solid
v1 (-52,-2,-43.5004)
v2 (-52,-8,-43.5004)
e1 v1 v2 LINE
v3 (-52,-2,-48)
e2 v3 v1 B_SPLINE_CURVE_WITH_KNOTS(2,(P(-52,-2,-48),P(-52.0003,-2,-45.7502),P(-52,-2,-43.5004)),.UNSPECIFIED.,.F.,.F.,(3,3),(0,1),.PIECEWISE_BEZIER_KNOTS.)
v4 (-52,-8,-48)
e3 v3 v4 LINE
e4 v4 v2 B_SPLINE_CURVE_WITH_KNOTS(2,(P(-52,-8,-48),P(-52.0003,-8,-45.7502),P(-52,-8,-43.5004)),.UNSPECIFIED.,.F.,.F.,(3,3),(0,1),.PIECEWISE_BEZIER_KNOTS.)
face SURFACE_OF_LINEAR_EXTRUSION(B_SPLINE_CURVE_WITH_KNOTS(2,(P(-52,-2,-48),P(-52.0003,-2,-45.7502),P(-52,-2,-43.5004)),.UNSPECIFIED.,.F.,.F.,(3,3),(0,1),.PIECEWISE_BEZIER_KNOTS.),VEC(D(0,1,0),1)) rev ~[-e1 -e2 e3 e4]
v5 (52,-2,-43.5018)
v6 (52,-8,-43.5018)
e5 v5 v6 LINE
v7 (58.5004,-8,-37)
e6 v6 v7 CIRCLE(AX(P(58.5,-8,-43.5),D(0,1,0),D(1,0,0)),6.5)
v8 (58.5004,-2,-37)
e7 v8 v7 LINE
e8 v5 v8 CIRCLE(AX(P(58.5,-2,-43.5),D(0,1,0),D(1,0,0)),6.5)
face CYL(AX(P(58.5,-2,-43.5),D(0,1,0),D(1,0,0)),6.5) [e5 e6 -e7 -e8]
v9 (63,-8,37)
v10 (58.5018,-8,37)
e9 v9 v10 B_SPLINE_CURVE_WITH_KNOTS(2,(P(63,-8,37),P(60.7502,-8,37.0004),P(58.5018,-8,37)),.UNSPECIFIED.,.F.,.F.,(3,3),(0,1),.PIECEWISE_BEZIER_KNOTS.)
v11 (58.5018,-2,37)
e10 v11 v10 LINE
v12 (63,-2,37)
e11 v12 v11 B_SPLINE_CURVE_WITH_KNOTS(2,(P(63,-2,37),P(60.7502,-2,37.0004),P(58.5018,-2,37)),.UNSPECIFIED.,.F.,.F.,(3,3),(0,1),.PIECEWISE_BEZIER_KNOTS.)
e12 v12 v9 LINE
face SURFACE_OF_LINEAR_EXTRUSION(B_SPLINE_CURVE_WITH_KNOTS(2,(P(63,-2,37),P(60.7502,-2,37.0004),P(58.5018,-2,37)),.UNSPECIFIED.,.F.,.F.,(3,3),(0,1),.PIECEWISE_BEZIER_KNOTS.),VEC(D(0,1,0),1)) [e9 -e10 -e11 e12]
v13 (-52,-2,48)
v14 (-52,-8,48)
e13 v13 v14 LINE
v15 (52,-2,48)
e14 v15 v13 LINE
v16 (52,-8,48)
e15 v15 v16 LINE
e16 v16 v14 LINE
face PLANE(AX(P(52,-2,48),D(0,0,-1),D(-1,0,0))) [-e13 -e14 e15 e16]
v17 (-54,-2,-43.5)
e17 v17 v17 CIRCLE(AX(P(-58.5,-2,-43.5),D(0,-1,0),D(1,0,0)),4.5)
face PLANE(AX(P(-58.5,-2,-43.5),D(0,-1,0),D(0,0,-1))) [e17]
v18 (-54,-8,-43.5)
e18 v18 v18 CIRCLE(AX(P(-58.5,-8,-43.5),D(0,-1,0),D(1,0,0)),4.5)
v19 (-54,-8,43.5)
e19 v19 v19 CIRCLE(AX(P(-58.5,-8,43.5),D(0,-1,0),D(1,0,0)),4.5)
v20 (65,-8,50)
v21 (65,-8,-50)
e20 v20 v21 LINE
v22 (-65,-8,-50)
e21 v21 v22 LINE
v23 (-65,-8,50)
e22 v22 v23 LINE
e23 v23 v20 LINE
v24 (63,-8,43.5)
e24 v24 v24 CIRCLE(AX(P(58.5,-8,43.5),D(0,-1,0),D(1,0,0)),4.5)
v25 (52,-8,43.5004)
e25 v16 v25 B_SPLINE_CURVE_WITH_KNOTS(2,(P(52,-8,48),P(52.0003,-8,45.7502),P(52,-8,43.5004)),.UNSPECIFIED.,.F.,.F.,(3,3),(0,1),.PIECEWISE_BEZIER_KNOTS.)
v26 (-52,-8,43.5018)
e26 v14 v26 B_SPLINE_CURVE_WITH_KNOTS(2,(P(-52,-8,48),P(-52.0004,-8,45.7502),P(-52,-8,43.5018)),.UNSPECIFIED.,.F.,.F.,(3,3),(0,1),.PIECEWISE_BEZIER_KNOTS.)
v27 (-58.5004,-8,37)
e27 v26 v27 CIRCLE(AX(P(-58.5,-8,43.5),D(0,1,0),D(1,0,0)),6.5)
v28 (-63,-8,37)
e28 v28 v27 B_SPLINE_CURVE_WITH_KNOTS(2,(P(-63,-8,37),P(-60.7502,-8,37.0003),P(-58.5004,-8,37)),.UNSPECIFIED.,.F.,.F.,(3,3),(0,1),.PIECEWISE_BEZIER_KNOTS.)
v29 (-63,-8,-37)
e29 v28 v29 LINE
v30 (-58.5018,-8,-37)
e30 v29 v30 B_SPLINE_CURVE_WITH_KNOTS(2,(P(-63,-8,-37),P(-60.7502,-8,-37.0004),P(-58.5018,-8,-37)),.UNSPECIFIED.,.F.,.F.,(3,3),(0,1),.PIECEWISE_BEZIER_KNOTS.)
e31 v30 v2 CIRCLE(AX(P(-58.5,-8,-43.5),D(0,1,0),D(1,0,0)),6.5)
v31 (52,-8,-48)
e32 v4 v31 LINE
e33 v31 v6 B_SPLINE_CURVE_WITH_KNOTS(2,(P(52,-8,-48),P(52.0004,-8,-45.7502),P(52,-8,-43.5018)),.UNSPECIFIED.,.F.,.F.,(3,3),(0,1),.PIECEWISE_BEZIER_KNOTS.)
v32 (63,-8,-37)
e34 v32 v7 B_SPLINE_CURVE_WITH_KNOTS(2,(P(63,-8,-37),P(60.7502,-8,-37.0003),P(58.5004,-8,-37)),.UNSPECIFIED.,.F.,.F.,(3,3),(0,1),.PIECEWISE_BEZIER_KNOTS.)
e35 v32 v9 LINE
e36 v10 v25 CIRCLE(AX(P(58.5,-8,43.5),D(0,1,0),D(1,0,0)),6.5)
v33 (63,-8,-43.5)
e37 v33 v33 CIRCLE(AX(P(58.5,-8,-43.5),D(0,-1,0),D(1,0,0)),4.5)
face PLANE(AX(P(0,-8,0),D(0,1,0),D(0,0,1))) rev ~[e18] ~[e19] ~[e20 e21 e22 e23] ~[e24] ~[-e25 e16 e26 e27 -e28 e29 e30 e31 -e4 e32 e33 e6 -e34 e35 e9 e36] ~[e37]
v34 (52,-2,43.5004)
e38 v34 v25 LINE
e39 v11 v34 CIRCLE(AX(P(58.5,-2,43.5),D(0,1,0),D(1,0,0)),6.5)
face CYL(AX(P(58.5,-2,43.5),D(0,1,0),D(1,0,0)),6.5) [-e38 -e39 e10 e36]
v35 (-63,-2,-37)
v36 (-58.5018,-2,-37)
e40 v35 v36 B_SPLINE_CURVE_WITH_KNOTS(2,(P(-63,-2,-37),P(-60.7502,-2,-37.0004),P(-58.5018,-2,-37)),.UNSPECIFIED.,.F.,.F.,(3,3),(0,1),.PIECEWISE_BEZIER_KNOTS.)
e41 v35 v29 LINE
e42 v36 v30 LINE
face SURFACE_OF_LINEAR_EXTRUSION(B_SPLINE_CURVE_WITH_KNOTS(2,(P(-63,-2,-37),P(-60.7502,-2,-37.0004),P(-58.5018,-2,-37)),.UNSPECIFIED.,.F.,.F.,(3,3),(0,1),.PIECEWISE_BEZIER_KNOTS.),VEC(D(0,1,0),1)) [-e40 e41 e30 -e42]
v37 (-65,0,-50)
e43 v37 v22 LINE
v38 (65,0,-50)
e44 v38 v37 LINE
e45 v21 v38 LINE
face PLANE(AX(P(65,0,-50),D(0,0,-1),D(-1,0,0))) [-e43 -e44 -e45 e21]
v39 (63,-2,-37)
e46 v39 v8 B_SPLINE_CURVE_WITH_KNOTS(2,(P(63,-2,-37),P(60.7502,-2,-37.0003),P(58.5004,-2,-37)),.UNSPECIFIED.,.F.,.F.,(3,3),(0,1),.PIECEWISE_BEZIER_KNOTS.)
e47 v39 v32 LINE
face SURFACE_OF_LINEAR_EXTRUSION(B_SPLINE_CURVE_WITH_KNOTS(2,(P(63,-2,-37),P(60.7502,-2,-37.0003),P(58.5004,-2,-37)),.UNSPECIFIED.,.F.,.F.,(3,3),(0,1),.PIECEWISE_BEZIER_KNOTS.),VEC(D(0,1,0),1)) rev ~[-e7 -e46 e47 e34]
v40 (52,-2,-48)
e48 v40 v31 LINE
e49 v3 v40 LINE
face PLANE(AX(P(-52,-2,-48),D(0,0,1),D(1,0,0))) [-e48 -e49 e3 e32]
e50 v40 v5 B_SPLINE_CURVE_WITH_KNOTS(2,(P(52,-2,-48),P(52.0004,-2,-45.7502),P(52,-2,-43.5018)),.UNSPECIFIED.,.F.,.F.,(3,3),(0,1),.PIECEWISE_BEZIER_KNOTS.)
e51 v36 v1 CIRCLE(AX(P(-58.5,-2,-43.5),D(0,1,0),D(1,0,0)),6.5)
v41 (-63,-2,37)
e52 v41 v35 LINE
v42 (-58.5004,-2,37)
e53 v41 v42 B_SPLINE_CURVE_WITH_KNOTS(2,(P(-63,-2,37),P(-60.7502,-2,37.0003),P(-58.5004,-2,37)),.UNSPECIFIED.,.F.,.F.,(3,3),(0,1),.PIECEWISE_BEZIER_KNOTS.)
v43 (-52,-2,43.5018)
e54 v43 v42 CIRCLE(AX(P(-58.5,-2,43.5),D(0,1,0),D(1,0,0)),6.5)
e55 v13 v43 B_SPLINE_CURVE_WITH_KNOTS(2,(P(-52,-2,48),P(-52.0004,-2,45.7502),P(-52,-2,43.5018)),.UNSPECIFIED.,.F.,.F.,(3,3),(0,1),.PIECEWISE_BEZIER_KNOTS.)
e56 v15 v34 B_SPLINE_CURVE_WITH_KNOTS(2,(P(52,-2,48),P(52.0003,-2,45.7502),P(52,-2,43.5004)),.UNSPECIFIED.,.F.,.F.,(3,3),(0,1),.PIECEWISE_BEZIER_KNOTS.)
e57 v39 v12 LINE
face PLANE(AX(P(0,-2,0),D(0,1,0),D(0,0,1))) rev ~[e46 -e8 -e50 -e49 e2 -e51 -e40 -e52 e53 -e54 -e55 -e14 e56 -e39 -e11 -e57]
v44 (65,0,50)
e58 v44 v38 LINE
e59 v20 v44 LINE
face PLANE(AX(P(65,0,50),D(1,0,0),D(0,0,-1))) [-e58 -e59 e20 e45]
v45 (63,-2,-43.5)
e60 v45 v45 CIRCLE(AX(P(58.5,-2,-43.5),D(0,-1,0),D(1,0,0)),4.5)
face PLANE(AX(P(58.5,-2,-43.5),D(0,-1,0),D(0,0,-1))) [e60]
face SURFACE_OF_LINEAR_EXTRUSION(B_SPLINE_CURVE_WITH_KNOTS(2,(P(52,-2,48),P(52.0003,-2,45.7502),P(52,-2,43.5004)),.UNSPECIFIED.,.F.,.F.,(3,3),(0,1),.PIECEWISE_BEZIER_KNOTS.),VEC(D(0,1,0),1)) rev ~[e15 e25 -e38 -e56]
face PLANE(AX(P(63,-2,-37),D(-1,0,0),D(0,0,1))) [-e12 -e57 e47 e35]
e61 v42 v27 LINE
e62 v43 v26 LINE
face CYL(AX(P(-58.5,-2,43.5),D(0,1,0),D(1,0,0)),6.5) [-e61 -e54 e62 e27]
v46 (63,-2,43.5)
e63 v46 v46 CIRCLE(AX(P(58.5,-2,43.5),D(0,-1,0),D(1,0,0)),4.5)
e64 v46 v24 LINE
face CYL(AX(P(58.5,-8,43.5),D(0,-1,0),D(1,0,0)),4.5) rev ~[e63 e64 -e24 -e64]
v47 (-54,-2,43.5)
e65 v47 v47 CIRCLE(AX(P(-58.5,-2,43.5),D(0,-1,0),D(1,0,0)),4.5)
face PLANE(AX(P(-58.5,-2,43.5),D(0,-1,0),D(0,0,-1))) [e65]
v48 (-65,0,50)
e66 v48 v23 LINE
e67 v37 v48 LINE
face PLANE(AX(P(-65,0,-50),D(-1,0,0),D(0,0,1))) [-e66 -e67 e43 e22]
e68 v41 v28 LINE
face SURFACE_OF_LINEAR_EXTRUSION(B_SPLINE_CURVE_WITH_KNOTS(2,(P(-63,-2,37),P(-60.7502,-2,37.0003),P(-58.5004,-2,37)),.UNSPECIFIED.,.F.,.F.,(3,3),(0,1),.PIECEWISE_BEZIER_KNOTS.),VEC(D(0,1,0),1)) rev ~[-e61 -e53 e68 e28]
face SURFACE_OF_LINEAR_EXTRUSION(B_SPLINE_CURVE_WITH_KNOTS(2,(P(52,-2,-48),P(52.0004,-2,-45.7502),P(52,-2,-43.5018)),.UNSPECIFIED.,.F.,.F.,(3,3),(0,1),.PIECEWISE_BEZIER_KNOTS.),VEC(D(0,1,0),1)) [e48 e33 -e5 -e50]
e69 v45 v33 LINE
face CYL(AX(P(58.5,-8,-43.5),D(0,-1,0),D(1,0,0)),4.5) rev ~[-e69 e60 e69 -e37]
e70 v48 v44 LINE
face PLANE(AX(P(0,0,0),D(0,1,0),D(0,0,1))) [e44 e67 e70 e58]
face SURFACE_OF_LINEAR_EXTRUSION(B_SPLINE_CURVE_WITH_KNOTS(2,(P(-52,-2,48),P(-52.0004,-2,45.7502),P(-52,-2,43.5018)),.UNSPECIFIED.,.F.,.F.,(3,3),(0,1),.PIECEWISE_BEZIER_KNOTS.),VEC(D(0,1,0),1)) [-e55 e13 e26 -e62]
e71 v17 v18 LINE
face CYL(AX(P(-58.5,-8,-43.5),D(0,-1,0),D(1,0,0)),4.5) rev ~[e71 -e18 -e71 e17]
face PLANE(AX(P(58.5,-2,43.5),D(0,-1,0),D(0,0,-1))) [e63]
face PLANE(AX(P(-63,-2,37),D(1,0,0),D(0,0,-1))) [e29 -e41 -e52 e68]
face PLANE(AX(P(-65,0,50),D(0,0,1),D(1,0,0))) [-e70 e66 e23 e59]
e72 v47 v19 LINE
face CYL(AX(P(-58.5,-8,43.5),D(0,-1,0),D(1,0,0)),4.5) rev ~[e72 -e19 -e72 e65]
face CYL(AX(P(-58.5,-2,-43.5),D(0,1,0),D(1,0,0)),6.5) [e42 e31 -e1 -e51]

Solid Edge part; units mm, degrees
sketch "Sketch1" plane through (0, 0, 0) normal (0, -1, 0) x (1, 0, 0)
  line L0 (-65, 50) -> (65, 50)
  line L1 (65, 50) -> (65, -50)
  line L2 (65, -50) -> (-65, -50)
  line L3 (-65, -50) -> (-65, 50)
extrude "Protrusion1" add sketch "Sketch1" along normal blind 2
sketch "Sketch2" plane through (0, -2, 0) normal (0, -1, 0) x (1, 0, 0)
  spline S0 degree 2 poles (-63, 37) (-60.7502, 37.0003) (-58.5004, 37) knots 0 0 0 1 1 1
  arc A0 (-52, 43.5018) -> (-58.5004, 37) centre (-58.5, 43.5) cw
  spline S1 degree 2 poles (-52, 48) (-52.0004, 45.7502) (-52, 43.5018) knots 0 0 0 1 1 1
  line L0 (52, 48) -> (-52, 48)
  spline S2 degree 2 poles (52, 48) (52.0003, 45.7502) (52, 43.5004) knots 0 0 0 1 1 1
  arc A1 (58.5018, 37) -> (52, 43.5004) centre (58.5, 43.5) cw
  spline S3 degree 2 poles (63, 37) (60.7502, 37.0004) (58.5018, 37) knots 0 0 0 1 1 1
  line L1 (63, -37) -> (63, 37)
  spline S4 degree 2 poles (63, -37) (60.7502, -37.0003) (58.5004, -37) knots 0 0 0 1 1 1
  arc A2 (52, -43.5018) -> (58.5004, -37) centre (58.5, -43.5) cw
  spline S5 degree 2 poles (52, -48) (52.0004, -45.7502) (52, -43.5018) knots 0 0 0 1 1 1
  line L2 (-52, -48) -> (52, -48)
  spline S6 degree 2 poles (-52, -48) (-52.0003, -45.7502) (-52, -43.5004) knots 0 0 0 1 1 1
  arc A3 (-58.5018, -37) -> (-52, -43.5004) centre (-58.5, -43.5) cw
  spline S7 degree 2 poles (-63, -37) (-60.7502, -37.0004) (-58.5018, -37) knots 0 0 0 1 1 1
  line L3 (-63, 37) -> (-63, -37)
  line L4 (-65, 50) -> (65, 50)
  line L5 (65, 50) -> (65, -50)
  line L6 (65, -50) -> (-65, -50)
  line L7 (-65, -50) -> (-65, 50)
extrude "ExtrudedProtrusion_4" add sketch "Sketch2" along normal blind 6
sketch "Sketch3" plane through (0, -8, 0) normal (0, -1, 0) x (1, 0, 0)
  circle A0 centre (-58.5, 43.5) radius 4.5
  circle A1 centre (58.5, 43.5) radius 4.5
  circle A2 centre (-58.5, -43.5) radius 4.5
  circle A3 centre (58.5, -43.5) radius 4.5
extrude "ExtrudedCutout_2" cut sketch "Sketch3" against normal blind 6 and the other way blind 48.2496
